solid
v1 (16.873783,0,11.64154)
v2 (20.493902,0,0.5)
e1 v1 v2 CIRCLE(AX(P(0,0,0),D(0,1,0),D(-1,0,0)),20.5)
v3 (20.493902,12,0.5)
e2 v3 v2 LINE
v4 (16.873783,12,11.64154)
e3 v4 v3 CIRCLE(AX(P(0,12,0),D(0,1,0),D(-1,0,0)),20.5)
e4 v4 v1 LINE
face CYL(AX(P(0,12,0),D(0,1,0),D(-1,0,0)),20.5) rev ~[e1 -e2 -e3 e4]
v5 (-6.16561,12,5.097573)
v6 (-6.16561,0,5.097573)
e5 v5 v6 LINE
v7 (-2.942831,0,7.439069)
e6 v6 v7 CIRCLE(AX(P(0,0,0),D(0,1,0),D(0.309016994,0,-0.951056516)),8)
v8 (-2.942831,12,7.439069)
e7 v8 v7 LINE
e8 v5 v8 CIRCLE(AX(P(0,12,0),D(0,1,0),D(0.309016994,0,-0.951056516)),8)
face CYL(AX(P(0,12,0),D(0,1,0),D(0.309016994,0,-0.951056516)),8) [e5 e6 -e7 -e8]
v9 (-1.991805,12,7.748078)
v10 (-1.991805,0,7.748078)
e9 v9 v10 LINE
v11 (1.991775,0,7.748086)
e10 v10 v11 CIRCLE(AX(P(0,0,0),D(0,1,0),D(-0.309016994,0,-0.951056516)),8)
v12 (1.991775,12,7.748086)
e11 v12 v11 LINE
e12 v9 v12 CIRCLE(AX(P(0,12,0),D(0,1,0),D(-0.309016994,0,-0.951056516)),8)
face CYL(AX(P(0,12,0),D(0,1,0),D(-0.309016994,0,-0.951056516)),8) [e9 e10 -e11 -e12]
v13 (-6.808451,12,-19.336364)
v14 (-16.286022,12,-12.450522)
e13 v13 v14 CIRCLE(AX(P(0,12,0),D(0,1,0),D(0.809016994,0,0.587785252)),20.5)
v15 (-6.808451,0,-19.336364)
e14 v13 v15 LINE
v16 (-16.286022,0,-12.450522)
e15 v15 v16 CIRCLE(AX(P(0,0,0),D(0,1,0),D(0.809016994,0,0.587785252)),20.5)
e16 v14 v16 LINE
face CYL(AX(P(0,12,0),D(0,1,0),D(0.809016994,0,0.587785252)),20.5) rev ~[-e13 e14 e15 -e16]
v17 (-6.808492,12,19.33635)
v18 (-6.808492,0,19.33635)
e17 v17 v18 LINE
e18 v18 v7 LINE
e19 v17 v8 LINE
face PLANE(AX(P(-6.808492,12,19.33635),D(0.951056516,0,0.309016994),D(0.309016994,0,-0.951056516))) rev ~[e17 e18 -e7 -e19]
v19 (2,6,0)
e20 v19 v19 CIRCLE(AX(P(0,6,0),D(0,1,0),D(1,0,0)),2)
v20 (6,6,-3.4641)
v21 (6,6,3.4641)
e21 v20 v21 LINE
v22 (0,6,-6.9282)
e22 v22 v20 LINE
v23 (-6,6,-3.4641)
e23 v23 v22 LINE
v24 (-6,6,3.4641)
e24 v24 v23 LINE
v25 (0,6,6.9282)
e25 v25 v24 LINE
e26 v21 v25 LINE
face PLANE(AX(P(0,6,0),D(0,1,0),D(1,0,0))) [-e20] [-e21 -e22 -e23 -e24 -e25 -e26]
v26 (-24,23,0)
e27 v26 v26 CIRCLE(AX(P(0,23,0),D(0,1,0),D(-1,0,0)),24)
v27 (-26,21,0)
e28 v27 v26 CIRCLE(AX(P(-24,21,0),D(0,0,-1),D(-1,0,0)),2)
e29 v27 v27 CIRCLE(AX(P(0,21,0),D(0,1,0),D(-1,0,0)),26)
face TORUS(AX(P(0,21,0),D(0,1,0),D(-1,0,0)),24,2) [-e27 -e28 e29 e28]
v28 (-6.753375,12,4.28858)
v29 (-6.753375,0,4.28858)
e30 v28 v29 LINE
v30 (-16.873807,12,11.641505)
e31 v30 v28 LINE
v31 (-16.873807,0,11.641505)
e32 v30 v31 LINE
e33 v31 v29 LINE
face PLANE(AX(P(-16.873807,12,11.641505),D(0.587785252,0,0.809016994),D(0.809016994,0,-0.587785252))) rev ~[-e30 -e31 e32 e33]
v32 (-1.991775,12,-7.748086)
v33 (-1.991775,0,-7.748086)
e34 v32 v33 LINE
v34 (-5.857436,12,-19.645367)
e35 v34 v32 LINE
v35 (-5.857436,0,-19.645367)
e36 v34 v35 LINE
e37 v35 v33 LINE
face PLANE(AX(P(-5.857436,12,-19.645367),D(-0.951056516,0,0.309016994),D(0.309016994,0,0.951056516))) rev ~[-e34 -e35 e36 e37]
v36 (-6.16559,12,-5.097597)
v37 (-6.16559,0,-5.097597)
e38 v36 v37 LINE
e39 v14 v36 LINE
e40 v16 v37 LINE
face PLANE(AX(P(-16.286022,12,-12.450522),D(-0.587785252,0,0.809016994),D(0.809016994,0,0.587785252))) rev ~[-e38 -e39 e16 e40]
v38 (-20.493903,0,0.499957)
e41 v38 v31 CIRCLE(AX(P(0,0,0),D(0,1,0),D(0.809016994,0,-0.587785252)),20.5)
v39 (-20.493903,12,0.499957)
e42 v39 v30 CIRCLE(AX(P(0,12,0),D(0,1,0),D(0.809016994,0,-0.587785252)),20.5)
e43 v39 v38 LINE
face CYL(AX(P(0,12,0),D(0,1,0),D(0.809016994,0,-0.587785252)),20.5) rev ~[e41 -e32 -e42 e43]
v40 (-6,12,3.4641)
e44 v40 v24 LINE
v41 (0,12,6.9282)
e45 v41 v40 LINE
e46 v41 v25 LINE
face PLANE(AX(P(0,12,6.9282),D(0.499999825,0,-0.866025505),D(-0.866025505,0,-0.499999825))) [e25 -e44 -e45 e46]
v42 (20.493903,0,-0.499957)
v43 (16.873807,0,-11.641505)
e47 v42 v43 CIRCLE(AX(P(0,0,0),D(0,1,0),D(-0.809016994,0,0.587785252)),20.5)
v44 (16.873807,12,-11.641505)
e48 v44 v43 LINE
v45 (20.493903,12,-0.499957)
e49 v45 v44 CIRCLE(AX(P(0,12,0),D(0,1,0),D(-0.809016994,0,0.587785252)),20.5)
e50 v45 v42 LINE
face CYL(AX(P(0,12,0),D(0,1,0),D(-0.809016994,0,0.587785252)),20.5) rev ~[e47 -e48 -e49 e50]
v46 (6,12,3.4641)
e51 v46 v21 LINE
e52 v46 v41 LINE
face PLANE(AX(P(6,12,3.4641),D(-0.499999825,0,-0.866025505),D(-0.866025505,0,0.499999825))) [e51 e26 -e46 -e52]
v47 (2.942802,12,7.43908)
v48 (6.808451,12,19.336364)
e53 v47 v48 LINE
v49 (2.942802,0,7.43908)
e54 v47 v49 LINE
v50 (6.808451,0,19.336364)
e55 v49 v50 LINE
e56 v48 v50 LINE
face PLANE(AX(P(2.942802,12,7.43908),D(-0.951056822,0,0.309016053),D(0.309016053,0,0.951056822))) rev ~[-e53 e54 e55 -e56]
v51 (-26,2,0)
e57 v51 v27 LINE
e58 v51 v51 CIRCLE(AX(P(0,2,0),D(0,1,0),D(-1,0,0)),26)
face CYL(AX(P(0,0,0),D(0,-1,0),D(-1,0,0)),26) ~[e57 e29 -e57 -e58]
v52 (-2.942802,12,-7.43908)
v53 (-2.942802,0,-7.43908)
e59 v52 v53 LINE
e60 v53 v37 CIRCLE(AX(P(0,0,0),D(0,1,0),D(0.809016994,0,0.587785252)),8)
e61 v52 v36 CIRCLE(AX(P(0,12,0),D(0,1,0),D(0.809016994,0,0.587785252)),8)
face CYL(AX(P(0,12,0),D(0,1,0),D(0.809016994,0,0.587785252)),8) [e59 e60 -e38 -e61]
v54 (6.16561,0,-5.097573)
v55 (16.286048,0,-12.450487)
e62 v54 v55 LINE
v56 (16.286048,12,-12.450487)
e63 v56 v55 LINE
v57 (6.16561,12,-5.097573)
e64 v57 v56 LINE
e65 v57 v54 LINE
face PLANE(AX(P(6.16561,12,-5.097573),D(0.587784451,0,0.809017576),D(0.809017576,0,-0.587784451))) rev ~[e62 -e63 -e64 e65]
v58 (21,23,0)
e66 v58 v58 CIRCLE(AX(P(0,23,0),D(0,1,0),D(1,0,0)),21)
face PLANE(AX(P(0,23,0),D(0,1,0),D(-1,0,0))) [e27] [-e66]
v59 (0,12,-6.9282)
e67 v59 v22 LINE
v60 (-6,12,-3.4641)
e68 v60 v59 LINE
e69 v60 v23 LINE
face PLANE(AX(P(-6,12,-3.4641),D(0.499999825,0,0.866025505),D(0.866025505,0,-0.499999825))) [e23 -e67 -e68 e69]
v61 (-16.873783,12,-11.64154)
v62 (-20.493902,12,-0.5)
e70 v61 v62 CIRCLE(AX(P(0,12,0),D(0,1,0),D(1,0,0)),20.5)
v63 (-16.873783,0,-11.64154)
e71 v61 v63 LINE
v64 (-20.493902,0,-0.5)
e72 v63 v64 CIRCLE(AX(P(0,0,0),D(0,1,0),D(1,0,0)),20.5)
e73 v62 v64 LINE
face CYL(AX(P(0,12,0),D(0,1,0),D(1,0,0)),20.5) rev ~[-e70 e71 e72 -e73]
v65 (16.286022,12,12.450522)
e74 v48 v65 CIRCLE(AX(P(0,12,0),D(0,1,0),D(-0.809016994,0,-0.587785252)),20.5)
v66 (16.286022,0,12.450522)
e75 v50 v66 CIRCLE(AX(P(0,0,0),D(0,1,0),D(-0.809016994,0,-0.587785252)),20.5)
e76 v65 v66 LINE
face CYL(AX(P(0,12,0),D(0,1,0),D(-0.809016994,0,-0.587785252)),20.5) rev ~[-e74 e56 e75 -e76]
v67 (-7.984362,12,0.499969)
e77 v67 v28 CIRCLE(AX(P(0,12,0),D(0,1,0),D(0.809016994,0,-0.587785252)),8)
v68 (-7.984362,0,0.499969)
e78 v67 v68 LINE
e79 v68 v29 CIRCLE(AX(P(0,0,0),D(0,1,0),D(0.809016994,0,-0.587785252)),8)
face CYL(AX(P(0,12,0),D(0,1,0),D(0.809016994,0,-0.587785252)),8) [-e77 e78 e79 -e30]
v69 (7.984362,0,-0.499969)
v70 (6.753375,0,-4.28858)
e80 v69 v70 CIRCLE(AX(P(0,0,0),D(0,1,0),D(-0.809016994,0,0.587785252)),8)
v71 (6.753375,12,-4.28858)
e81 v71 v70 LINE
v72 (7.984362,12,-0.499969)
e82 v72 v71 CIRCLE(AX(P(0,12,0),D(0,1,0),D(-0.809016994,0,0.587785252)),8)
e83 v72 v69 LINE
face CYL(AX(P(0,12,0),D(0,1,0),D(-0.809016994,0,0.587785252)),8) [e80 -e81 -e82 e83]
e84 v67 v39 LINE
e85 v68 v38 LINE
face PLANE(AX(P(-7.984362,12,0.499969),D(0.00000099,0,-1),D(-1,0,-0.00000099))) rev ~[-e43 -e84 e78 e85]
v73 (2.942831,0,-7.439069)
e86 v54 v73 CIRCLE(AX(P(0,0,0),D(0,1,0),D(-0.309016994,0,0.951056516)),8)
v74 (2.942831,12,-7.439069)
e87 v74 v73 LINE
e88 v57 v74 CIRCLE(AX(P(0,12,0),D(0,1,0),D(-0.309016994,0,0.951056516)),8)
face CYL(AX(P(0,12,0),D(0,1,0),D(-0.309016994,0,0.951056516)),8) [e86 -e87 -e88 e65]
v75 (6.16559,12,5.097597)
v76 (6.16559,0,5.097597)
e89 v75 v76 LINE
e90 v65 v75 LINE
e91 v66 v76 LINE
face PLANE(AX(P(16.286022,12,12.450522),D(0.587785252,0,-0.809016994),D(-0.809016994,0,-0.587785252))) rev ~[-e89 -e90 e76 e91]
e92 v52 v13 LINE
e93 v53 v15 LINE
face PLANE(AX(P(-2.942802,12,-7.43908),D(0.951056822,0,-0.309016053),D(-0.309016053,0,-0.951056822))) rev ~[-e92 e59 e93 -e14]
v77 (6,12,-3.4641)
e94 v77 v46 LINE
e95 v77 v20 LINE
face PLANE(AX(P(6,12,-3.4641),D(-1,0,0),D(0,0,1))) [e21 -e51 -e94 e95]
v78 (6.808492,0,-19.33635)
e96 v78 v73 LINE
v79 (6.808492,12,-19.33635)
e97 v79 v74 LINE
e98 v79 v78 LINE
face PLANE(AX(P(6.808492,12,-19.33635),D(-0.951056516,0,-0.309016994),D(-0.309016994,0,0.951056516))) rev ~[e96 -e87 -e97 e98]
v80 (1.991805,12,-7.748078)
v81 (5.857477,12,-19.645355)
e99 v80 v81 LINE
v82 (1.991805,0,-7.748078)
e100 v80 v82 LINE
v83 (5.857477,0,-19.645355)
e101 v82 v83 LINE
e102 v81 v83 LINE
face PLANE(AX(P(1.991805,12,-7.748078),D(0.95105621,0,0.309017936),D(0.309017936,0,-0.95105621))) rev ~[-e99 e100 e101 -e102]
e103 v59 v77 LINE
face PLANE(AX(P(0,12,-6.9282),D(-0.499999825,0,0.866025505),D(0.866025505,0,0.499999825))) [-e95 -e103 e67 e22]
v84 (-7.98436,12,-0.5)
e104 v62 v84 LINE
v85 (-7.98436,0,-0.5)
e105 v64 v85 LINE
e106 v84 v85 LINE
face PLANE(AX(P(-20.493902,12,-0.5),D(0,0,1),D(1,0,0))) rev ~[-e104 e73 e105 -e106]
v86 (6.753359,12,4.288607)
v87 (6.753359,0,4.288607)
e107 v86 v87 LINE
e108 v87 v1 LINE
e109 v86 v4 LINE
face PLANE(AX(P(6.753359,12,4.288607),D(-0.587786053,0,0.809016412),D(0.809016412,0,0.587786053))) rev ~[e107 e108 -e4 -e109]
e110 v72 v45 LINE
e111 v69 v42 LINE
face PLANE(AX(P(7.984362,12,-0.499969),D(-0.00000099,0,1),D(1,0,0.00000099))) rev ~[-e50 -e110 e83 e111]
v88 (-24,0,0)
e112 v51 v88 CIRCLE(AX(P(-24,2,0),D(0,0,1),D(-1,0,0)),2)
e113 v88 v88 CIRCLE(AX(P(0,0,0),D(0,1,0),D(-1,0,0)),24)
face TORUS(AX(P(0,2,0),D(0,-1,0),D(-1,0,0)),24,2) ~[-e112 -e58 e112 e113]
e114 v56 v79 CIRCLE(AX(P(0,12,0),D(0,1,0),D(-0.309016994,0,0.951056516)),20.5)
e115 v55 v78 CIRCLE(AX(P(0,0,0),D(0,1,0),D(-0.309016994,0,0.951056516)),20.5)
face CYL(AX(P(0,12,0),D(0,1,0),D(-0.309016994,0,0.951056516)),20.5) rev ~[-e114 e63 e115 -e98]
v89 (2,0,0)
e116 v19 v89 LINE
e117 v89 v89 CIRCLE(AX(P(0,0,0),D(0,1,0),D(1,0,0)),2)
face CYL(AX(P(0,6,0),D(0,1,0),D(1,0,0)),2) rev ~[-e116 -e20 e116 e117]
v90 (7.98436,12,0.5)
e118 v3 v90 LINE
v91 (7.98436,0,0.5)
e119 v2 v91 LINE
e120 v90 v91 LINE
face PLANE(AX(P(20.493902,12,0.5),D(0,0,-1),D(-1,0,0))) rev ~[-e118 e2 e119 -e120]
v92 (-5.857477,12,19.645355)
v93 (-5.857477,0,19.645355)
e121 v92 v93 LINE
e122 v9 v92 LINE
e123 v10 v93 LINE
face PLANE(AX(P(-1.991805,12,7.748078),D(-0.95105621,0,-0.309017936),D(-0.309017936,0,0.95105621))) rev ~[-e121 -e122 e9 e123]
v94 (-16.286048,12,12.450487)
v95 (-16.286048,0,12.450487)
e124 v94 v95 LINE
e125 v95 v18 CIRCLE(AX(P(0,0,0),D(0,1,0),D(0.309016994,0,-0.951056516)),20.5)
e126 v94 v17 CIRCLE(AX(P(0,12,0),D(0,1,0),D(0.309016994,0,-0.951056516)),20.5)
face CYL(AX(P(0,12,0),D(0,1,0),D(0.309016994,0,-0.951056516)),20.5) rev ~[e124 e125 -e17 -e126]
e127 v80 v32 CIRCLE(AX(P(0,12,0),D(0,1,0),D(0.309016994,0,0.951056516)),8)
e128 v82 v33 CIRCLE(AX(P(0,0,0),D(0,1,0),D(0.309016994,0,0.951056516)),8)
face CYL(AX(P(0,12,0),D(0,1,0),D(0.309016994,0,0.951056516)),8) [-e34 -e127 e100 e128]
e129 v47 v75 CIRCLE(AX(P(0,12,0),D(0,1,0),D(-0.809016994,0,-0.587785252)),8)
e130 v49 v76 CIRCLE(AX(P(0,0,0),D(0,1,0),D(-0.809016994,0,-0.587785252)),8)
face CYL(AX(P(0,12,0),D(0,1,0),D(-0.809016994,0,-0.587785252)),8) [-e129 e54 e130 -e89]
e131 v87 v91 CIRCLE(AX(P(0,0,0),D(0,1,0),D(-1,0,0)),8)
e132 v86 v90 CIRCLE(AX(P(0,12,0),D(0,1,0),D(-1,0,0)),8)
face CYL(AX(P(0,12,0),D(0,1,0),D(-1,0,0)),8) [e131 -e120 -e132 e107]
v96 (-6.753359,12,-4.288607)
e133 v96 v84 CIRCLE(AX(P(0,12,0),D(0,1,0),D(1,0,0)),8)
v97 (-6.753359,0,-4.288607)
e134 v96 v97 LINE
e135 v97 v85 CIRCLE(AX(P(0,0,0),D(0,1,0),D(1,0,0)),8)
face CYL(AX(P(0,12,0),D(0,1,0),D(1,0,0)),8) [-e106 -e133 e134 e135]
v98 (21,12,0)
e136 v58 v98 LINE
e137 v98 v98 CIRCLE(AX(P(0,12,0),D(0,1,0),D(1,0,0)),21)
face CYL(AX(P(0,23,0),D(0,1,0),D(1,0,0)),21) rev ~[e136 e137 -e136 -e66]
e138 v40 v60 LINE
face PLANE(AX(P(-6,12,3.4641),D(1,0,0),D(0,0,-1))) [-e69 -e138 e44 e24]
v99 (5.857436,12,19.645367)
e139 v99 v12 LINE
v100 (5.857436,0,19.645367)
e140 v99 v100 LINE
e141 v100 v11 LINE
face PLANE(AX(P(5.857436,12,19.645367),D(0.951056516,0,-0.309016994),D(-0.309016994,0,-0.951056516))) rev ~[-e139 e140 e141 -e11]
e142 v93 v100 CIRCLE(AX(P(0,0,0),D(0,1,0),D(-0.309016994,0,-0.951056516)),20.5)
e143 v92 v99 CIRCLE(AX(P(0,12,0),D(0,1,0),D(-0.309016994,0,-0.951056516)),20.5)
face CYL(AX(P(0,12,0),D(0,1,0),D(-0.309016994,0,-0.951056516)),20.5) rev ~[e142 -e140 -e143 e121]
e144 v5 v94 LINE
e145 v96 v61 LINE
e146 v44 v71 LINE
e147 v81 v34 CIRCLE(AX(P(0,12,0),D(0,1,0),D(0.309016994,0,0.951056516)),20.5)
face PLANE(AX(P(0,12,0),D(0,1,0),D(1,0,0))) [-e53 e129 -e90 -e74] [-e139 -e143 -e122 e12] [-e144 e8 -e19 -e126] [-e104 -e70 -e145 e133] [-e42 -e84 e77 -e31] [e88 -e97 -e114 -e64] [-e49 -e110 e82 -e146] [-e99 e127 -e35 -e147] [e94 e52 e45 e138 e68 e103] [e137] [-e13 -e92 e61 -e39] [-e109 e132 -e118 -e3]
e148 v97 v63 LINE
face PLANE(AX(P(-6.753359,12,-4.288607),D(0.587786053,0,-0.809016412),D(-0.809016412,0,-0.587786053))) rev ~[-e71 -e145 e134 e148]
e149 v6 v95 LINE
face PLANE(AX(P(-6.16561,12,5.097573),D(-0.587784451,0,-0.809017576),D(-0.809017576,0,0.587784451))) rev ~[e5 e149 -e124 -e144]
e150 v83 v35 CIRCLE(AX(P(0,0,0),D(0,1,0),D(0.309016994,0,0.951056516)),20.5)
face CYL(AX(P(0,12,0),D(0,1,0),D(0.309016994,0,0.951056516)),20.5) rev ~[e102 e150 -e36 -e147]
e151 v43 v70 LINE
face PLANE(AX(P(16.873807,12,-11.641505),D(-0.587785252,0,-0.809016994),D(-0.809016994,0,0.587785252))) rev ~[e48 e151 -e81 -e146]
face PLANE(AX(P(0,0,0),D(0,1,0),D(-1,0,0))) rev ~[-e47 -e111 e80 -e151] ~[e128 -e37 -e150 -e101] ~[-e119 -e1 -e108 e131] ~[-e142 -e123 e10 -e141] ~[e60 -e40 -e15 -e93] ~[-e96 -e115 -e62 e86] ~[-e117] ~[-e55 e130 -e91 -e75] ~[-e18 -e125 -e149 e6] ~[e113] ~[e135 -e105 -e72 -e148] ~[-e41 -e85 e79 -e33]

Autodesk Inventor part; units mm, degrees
ref_plane "YZ Plane" through (0, 0, 0) normal (1, 0, 0) x (0, 1, 0)
ref_plane "XZ Plane" through (0, 0, 0) normal (0, 1, 0) x (-1, 0, 0)
ref_plane "XY Plane" through (0, 0, 0) normal (0, 0, 1) x (1, 0, 0)
sketch "草圖1" plane through (0, 0, 0) normal (0, 1, 0) x (-1, 0, 0)
  circle A0 centre (0, 0) radius 26
  dimension "d0" = 52
extrude "擠出1" add sketch "草圖1" along normal blind 23
fillet "圓角1" radius 2 2 edges at (26, 23, 0) (26, 0, 0)
sketch "草圖2" plane through (0, 23, 0) normal (0, 1, 0) x (1, 0, 0)
  circle A0 centre (0, 0) radius 21
  dimension "d4" = 42
extrude "擠出2" cut sketch "草圖2" against normal blind 11
sketch "草圖3" plane through (0, 12, 0) normal (0, 1, 0) x (1, 0, 0)
  circle A0 centre (0, 0) radius 8
  line L0 (-6, 3.4641) -> (0, 6.9282)
  line L1 (0, 6.9282) -> (6, 3.4641)
  line L2 (6, 3.4641) -> (6, -3.4641)
  line L3 (6, -3.4641) -> (0, -6.9282)
  line L4 (0, -6.9282) -> (-6, -3.4641)
  line L5 (-6, -3.4641) -> (-6, 3.4641)
  dimension "d7" = 12
  dimension "d8" = 16
extrude "擠出3" cut sketch "草圖3" against normal blind 6 contours L0 L1 L2 L3 L4 L5
sketch "草圖4" plane through (0, 12, 0) normal (0, 1, 0) x (1, 0, 0)
  circle A0 centre (0, 0) radius 21 projected
  circle A1 centre (0, 0) radius 8 projected
  line L0 (0, 0) -> (-21, 0)
  line L1 (0, 0) -> (-16.9894, 12.3435)
  circle A2 centre (0, 0) radius 21 projected
  line L2 (-21, 0.5) -> (-1.5388, 0.5)
  line L3 (-1.5388, 0.5) -> (-17.2832, 11.939)
  circle A3 centre (0, 0) radius 20.5
  point P0 (-16.8738, 11.6415)
  point P1 (-20.4939, 0.5)
  point P2 (-7.9844, 0.5)
  point P3 (-6.7534, 4.2886)
  dimension "d11" = 36
  dimension "d12" = 0.5
  dimension "d13" = 0.5
extrude "擠出4" cut sketch "草圖4" against normal through all contours L3 A1 L2 A3
pattern_circular "環形陣列1" count 10 over 360 about axis through (0, -10, 0) along (0, 1, 0) of "擠出4"
sketch "草圖5" plane through (0, 6, 0) normal (0, 1, 0) x (1, 0, 0)
  circle A0 centre (0, 0) radius 2
  dimension "d19" = 4
extrude "擠出5" cut sketch "草圖5" against normal through all
sketch "草圖6" plane through (0, 23, 0) normal (0, 1, 0) x (1, 0, 0)
  circle A0 centre (0, 0) radius 26 projected
  line L0 (48.5339, -26) -> (-4.5845, -26)
  line L1 (-4.5845, -26) -> (-136.2974, 21.9396)
  line L2 (0, 0) -> (-8.8925, -24.432)
  line L3 (0, 36.4) -> (0, -36.4) projected
  line L4 (4.5845, -26) -> (40.2795, -13.0081)
  dimension "d22" = 20
  dimension "d23" = 20
properties part number "wheel"
